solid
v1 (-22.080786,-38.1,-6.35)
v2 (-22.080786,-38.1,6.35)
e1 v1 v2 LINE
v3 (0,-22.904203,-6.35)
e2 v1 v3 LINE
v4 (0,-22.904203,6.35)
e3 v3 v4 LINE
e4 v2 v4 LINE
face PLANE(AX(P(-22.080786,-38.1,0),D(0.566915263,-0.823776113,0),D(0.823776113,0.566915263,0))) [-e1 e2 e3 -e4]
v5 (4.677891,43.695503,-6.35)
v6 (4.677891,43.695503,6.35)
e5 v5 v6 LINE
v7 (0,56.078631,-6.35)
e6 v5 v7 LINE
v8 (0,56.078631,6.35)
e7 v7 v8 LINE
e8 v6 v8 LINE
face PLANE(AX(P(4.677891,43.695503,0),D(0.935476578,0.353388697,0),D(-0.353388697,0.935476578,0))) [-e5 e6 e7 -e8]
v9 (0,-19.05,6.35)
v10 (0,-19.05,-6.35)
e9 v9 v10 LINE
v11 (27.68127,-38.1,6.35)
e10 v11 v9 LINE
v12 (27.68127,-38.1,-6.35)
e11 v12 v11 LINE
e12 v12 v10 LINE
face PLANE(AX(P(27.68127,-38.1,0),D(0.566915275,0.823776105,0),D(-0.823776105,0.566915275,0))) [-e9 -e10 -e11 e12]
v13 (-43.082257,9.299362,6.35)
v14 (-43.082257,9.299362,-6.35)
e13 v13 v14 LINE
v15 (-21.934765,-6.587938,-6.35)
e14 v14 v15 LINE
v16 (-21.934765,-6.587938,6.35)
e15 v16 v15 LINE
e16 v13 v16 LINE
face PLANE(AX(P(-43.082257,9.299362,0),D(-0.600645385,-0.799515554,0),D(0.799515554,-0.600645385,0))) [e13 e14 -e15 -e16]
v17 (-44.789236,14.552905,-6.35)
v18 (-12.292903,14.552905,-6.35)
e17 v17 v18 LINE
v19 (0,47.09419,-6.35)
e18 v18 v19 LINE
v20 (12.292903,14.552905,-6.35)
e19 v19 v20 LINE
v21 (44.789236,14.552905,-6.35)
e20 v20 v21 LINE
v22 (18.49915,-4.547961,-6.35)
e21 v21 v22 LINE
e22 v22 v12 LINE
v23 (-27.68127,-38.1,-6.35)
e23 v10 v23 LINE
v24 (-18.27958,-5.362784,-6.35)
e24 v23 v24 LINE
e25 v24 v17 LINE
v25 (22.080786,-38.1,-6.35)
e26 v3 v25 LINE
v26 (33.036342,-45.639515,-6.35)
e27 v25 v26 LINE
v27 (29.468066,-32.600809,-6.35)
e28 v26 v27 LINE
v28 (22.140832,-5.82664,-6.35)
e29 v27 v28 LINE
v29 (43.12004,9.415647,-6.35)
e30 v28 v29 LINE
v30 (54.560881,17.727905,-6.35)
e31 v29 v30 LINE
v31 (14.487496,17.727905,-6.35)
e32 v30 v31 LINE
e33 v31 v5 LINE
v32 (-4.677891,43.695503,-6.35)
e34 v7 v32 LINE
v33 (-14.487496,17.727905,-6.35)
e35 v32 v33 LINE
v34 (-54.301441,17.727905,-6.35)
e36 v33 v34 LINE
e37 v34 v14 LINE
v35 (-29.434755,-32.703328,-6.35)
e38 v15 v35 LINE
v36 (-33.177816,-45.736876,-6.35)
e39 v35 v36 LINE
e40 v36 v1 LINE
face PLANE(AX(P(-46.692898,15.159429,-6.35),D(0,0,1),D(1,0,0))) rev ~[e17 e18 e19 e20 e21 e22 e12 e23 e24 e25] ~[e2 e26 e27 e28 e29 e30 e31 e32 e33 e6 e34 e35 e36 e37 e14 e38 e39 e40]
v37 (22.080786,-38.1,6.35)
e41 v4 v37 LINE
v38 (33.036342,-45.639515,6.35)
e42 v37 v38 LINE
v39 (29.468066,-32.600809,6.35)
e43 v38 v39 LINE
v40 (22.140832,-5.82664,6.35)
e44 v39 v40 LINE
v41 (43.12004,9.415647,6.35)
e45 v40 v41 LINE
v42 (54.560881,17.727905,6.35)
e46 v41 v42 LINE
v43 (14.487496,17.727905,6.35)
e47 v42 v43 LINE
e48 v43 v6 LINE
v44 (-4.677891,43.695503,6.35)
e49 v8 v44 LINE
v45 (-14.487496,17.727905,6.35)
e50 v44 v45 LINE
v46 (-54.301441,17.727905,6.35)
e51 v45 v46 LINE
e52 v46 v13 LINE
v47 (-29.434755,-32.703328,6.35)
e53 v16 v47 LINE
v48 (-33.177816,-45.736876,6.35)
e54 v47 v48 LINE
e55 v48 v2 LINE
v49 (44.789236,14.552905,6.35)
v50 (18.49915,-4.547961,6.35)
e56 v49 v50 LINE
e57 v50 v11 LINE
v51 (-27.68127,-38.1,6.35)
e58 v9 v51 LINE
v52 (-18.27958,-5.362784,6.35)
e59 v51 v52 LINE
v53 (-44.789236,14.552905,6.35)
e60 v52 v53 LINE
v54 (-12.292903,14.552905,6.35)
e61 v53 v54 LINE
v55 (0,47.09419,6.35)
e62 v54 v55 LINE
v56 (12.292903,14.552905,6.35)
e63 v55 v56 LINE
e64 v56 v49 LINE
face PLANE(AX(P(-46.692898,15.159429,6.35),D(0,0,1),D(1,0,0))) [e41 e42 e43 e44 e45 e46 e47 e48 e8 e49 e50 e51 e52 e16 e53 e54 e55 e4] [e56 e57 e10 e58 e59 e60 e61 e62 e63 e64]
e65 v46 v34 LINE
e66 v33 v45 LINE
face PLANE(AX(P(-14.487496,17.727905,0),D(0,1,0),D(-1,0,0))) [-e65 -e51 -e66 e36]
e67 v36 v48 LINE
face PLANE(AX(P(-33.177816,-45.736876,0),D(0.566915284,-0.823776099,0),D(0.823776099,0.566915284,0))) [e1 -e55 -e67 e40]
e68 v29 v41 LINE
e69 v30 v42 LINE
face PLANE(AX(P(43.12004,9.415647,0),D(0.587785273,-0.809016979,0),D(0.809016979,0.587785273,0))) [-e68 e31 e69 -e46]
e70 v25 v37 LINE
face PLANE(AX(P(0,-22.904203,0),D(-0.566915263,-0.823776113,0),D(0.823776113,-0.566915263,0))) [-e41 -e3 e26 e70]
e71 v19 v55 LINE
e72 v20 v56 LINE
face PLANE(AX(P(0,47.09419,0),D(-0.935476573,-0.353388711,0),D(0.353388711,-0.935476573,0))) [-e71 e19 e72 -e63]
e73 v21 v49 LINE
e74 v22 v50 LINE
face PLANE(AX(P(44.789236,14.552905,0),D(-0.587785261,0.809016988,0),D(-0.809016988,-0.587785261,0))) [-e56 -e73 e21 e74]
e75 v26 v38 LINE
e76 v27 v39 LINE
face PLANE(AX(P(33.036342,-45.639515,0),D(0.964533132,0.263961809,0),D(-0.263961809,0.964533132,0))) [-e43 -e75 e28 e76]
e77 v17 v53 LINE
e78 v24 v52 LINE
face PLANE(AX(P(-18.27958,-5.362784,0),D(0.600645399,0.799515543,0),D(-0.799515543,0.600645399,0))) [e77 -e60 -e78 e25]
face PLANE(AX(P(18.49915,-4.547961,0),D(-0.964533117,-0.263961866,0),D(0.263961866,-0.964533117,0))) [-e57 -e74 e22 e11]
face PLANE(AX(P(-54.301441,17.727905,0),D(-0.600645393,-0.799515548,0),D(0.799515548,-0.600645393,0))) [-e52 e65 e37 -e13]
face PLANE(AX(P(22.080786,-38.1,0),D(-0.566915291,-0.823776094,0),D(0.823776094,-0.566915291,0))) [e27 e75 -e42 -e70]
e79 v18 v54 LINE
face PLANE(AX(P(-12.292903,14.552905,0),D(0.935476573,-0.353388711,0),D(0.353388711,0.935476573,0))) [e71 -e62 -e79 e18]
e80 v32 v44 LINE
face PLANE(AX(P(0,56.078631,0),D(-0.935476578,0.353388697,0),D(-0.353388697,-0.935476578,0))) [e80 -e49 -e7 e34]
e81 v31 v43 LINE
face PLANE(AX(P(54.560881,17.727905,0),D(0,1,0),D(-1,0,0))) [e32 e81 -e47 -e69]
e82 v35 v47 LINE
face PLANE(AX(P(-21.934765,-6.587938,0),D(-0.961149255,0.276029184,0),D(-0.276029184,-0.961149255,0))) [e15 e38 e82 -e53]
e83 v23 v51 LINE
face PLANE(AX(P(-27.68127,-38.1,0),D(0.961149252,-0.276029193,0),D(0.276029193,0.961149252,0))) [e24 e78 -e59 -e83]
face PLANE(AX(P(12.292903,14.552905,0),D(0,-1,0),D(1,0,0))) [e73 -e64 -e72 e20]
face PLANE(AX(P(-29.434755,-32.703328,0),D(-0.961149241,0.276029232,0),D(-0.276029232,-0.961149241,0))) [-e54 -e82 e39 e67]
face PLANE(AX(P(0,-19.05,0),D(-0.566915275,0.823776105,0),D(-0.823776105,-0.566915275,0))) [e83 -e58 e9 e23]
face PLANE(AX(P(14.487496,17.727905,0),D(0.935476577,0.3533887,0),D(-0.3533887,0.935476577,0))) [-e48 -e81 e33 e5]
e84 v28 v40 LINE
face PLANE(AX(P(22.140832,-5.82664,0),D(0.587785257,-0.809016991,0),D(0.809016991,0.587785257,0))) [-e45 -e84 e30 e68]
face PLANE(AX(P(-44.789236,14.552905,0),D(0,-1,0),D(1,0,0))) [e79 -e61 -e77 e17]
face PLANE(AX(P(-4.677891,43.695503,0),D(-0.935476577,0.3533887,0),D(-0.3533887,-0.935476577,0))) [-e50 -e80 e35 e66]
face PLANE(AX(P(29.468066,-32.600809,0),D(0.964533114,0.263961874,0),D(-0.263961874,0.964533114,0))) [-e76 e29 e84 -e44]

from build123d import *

# Parameters (mm, degrees)
F1_DEPTH = 6.35


with BuildPart() as f1:
    # F0 (on Top) → F1 (new body, symmetric)
    with BuildSketch(Plane.XY):
        Polygon((-44.789236, 14.552905), (-40.419224, 17.727905), (-54.301441, 17.727905), (-43.082257, 9.299362), align=None)
        Polygon((-27.68127, -38.1), (-18.27958, -5.362784), (-44.789236, 14.552905), (-43.082257, 9.299362), (-21.934765, -6.587938), (-29.434755, -32.703328), align=None)
        Polygon((-12.292903, 14.552905), (0, 47.09419), (-4.677891, 43.695503), (-14.487496, 17.727905), (-40.419224, 17.727905), (-44.789236, 14.552905), align=None)
        Polygon((-4.677891, 43.695503), (0, 47.09419), (4.677891, 43.695503), (0, 56.078631), align=None)
        Polygon((4.677891, 43.695503), (0, 47.09419), (12.292903, 14.552905), (44.789236, 14.552905), (40.419224, 17.727905), (14.487496, 17.727905), align=None)
        Polygon((54.560881, 17.727905), (40.419224, 17.727905), (44.789236, 14.552905), (43.12004, 9.415647), align=None)
        Polygon((43.12004, 9.415647), (44.789236, 14.552905), (18.49915, -4.547961), (27.68127, -38.1), (29.468066, -32.600809), (22.140832, -5.82664), align=None)
        Polygon((29.468066, -32.600809), (27.68127, -38.1), (22.080786, -38.1), (33.036342, -45.639515), align=None)
        Polygon((27.68127, -38.1), (0, -19.05), (-27.68127, -38.1), (-22.080786, -38.1), (0, -22.904203), (22.080786, -38.1), align=None)
        Polygon((-22.080786, -38.1), (-27.68127, -38.1), (-29.434755, -32.703328), (-33.177816, -45.736876), align=None)
    extrude(amount=F1_DEPTH, both=True)


solid = f1.part
